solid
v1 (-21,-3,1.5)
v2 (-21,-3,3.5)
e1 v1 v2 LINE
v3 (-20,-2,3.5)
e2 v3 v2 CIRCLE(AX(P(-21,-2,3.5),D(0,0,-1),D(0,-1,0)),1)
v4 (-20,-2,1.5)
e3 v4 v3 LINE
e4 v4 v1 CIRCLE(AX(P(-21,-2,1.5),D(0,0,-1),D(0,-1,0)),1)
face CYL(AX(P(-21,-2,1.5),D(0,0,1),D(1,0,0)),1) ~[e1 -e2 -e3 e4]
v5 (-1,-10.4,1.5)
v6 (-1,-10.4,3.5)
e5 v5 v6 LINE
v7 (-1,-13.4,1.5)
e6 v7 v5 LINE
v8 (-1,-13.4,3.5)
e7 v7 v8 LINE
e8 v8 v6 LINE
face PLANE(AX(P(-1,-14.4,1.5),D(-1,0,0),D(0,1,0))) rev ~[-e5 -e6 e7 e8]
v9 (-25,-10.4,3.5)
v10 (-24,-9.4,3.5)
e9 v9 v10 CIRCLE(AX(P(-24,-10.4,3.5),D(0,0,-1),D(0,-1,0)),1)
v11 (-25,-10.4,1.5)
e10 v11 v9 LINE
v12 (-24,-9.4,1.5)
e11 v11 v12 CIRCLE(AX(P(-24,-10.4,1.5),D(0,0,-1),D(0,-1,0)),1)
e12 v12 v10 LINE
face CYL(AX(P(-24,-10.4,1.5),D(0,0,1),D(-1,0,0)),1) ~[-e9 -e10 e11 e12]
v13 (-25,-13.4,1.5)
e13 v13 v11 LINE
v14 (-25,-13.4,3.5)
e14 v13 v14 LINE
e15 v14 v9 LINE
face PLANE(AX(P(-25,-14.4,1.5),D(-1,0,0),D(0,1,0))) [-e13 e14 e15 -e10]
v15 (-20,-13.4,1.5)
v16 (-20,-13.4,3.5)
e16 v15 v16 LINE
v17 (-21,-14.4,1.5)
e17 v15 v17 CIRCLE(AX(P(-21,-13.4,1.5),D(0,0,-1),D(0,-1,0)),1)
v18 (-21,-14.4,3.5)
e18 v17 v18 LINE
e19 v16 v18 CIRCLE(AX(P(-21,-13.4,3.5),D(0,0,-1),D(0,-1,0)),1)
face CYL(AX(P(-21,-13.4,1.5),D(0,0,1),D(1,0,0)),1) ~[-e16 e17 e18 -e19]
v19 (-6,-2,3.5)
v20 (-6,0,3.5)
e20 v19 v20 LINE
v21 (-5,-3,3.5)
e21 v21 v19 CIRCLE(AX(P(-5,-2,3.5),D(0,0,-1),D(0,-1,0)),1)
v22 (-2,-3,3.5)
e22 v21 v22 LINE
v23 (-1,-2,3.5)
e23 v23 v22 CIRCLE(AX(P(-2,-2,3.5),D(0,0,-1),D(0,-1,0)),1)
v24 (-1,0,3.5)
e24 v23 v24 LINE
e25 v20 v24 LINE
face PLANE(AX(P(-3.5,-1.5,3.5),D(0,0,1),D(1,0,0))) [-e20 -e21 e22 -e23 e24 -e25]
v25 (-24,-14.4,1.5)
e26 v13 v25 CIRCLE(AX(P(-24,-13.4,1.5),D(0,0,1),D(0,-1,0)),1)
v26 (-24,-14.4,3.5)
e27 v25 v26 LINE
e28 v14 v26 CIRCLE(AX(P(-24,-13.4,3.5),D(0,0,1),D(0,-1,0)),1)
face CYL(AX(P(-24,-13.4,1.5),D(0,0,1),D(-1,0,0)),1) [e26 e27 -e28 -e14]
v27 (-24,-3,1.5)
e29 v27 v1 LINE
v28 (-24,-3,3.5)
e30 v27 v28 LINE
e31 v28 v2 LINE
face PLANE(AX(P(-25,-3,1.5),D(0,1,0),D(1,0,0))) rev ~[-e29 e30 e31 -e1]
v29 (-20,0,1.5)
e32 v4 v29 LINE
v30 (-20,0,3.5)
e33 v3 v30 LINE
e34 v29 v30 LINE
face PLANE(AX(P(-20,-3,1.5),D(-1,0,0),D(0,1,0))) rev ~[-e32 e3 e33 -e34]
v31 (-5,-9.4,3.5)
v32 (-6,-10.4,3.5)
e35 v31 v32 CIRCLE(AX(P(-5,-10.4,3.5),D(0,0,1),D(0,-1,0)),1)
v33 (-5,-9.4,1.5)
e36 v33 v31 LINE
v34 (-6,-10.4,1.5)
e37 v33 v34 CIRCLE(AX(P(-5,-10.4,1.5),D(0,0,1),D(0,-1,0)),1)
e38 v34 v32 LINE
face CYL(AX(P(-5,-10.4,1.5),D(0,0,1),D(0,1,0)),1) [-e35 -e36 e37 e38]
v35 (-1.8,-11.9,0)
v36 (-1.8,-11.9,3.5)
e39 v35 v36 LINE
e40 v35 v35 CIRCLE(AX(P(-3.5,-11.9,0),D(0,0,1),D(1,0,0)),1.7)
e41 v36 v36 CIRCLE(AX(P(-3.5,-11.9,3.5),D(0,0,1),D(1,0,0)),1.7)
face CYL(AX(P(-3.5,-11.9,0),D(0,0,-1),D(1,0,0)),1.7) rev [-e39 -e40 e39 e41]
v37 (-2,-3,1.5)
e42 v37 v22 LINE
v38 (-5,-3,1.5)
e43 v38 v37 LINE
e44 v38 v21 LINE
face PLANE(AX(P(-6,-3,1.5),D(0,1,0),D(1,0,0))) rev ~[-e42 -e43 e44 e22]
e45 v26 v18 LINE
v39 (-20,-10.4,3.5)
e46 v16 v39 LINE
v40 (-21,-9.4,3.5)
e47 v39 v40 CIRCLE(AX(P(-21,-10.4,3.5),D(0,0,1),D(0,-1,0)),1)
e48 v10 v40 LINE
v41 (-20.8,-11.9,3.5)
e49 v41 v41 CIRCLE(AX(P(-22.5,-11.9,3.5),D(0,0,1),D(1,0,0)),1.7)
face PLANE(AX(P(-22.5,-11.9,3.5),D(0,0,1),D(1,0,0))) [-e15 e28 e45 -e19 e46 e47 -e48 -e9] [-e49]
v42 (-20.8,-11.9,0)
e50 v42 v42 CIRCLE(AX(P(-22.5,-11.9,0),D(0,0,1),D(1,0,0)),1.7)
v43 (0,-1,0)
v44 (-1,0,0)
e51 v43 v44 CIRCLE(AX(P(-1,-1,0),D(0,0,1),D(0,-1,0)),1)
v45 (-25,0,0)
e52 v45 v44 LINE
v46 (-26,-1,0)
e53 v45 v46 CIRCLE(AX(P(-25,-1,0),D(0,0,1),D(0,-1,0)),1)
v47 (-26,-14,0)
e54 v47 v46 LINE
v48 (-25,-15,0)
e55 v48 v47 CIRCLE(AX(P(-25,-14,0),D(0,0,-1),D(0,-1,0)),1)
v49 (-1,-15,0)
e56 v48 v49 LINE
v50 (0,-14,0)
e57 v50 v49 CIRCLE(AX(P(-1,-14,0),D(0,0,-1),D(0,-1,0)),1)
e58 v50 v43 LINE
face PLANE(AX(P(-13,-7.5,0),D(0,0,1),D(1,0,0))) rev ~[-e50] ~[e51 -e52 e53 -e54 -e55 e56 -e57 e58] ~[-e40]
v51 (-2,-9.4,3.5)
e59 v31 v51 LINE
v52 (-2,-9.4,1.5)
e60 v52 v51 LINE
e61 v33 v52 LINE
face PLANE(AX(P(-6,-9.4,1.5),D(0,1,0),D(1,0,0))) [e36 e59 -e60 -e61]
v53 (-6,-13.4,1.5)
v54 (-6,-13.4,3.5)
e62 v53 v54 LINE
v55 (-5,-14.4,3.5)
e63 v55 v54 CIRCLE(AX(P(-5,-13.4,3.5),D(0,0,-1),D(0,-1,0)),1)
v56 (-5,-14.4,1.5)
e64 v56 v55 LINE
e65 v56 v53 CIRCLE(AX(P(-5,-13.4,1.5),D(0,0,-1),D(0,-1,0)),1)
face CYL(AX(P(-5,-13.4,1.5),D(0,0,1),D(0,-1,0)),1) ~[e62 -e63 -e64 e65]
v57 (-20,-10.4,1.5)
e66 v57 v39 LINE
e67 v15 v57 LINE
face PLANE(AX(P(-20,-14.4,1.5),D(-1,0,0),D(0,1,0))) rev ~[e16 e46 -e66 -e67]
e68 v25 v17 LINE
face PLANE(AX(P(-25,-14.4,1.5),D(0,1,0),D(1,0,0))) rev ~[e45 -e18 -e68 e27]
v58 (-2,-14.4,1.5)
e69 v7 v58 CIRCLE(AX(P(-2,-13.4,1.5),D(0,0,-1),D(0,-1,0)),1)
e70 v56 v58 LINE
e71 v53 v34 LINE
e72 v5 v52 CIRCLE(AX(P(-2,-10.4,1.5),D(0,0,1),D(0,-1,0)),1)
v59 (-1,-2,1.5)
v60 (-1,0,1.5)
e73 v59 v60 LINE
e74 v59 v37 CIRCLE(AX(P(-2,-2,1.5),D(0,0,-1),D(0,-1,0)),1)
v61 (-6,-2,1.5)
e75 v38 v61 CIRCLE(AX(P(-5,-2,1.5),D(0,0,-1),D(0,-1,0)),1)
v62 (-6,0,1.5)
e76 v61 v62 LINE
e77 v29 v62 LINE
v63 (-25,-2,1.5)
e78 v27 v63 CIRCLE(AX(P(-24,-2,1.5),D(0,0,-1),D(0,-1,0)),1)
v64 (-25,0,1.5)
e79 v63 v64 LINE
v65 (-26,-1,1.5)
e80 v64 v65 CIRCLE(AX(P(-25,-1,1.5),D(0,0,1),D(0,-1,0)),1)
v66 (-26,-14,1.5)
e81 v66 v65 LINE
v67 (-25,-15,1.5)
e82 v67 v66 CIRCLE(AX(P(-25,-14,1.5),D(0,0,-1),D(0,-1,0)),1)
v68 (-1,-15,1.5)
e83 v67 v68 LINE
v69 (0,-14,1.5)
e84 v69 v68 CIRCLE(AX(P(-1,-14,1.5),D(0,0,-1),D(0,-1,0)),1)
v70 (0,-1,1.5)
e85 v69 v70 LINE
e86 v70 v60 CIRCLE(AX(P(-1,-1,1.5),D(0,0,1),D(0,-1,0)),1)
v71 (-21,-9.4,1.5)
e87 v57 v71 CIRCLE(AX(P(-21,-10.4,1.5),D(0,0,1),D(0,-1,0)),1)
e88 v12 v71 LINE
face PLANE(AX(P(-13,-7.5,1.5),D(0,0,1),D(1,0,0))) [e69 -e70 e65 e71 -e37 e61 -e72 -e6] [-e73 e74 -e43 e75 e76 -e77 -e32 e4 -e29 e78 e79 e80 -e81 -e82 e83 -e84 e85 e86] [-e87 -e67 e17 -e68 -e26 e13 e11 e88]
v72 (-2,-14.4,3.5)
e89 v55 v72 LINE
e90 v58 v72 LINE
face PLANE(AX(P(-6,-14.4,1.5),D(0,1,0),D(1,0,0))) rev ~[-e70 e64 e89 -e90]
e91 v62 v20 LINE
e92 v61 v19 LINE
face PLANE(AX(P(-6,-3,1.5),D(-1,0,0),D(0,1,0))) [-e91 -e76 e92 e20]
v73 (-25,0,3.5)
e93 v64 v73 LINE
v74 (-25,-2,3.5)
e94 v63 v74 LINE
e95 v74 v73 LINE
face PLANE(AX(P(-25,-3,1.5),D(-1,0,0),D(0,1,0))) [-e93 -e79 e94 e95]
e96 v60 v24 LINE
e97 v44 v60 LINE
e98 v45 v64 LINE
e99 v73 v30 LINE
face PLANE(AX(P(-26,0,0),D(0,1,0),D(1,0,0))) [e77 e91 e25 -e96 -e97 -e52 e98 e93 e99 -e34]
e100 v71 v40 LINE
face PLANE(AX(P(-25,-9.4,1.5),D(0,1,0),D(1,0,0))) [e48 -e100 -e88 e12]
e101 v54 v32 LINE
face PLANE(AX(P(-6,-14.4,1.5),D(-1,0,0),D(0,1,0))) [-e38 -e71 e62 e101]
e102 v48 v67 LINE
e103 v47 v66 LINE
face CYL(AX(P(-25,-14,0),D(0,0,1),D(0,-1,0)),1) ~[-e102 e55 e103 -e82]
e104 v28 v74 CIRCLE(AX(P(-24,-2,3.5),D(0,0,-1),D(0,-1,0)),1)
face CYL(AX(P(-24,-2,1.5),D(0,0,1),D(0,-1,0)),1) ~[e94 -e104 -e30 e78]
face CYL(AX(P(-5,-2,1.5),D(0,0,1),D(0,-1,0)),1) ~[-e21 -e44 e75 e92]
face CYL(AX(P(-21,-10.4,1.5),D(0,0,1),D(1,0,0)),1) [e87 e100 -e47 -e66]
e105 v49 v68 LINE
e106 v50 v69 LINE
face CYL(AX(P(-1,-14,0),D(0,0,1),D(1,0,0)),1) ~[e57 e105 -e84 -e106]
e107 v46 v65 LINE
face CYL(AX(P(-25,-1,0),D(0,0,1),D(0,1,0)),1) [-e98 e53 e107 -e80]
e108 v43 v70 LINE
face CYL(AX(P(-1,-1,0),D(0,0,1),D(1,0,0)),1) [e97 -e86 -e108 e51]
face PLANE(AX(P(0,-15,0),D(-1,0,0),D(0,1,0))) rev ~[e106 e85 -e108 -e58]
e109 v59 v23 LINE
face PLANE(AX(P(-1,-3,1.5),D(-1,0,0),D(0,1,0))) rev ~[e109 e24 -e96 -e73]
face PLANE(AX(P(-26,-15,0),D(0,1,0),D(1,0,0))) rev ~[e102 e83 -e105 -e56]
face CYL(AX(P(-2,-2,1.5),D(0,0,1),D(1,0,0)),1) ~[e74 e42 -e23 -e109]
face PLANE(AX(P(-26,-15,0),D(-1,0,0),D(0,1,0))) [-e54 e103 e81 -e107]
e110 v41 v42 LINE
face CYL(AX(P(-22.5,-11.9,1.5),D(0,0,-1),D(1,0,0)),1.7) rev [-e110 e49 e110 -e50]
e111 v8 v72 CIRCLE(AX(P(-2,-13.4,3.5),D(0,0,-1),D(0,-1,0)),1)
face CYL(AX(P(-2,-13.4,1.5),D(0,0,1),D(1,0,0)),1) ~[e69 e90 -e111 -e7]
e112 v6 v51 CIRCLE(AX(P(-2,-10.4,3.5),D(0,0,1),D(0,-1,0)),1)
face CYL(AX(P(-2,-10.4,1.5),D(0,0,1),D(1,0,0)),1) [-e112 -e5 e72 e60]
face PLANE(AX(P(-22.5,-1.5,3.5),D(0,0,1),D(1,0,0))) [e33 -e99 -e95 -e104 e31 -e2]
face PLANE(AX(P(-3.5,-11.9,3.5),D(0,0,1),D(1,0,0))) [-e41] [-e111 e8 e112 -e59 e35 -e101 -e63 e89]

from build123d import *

# Parameters (mm, degrees)
F0_W     = 26
F0_H     = 15
F0_R     = 1.7
F1_DEPTH = 1.5
F2_W     = 5
F2_H     = 5
F2_R     = 1.7
F2_H_2   = 3
F3_DEPTH = 2
F4_R     = 1


with BuildPart() as f1:
    # F0 (on Top) → F1 (new body)
    with BuildSketch(Plane.XY):
        with Locations((-13, -7.5)):
            Rectangle(F0_W, F0_H)
        with Locations((-22.5, -11.9)):
            Circle(F0_R, mode=Mode.SUBTRACT)
        with Locations((-3.5, -11.9)):
            Circle(F0_R, mode=Mode.SUBTRACT)
    extrude(amount=F1_DEPTH)

    # F2 (on face) → F3 (join)
    with BuildSketch(Plane.XY.offset(1.5)):
        with Locations((-22.5, -11.9)):
            Rectangle(F2_W, F2_H)
        with Locations((-22.5, -11.9)):
            Circle(F2_R, mode=Mode.SUBTRACT)
        with Locations((-3.5, -11.9)):
            Rectangle(F2_W, F2_H)
        with Locations((-3.5, -11.9)):
            Circle(F2_R, mode=Mode.SUBTRACT)
        with Locations((-22.5, -1.5)):
            Rectangle(F2_W, F2_H_2)
        with Locations((-3.5, -1.5)):
            Rectangle(F2_W, F2_H_2)
    extrude(amount=F3_DEPTH)

    # F4
    f4_edges = [f1.edges().sort_by_distance(p)[0] for p in [
        (-26, 0, 0.75),
        (-26, -15, 0.75),
        (0, -15, 0.75),
        (0, 0, 0.75),
        (-1, -3, 2.5),
        (-6, -3, 2.5),
        (-20, -3, 2.5),
        (-25, -3, 2.5),
        (-25, -14.4, 2.5),
        (-25, -9.4, 2.5),
        (-20, -9.4, 2.5),
        (-20, -14.4, 2.5),
        (-6, -14.4, 2.5),
        (-1, -14.4, 2.5),
        (-1, -9.4, 2.5),
        (-6, -9.4, 2.5),
    ]]
    fillet(f4_edges, radius=F4_R)


solid = f1.part
